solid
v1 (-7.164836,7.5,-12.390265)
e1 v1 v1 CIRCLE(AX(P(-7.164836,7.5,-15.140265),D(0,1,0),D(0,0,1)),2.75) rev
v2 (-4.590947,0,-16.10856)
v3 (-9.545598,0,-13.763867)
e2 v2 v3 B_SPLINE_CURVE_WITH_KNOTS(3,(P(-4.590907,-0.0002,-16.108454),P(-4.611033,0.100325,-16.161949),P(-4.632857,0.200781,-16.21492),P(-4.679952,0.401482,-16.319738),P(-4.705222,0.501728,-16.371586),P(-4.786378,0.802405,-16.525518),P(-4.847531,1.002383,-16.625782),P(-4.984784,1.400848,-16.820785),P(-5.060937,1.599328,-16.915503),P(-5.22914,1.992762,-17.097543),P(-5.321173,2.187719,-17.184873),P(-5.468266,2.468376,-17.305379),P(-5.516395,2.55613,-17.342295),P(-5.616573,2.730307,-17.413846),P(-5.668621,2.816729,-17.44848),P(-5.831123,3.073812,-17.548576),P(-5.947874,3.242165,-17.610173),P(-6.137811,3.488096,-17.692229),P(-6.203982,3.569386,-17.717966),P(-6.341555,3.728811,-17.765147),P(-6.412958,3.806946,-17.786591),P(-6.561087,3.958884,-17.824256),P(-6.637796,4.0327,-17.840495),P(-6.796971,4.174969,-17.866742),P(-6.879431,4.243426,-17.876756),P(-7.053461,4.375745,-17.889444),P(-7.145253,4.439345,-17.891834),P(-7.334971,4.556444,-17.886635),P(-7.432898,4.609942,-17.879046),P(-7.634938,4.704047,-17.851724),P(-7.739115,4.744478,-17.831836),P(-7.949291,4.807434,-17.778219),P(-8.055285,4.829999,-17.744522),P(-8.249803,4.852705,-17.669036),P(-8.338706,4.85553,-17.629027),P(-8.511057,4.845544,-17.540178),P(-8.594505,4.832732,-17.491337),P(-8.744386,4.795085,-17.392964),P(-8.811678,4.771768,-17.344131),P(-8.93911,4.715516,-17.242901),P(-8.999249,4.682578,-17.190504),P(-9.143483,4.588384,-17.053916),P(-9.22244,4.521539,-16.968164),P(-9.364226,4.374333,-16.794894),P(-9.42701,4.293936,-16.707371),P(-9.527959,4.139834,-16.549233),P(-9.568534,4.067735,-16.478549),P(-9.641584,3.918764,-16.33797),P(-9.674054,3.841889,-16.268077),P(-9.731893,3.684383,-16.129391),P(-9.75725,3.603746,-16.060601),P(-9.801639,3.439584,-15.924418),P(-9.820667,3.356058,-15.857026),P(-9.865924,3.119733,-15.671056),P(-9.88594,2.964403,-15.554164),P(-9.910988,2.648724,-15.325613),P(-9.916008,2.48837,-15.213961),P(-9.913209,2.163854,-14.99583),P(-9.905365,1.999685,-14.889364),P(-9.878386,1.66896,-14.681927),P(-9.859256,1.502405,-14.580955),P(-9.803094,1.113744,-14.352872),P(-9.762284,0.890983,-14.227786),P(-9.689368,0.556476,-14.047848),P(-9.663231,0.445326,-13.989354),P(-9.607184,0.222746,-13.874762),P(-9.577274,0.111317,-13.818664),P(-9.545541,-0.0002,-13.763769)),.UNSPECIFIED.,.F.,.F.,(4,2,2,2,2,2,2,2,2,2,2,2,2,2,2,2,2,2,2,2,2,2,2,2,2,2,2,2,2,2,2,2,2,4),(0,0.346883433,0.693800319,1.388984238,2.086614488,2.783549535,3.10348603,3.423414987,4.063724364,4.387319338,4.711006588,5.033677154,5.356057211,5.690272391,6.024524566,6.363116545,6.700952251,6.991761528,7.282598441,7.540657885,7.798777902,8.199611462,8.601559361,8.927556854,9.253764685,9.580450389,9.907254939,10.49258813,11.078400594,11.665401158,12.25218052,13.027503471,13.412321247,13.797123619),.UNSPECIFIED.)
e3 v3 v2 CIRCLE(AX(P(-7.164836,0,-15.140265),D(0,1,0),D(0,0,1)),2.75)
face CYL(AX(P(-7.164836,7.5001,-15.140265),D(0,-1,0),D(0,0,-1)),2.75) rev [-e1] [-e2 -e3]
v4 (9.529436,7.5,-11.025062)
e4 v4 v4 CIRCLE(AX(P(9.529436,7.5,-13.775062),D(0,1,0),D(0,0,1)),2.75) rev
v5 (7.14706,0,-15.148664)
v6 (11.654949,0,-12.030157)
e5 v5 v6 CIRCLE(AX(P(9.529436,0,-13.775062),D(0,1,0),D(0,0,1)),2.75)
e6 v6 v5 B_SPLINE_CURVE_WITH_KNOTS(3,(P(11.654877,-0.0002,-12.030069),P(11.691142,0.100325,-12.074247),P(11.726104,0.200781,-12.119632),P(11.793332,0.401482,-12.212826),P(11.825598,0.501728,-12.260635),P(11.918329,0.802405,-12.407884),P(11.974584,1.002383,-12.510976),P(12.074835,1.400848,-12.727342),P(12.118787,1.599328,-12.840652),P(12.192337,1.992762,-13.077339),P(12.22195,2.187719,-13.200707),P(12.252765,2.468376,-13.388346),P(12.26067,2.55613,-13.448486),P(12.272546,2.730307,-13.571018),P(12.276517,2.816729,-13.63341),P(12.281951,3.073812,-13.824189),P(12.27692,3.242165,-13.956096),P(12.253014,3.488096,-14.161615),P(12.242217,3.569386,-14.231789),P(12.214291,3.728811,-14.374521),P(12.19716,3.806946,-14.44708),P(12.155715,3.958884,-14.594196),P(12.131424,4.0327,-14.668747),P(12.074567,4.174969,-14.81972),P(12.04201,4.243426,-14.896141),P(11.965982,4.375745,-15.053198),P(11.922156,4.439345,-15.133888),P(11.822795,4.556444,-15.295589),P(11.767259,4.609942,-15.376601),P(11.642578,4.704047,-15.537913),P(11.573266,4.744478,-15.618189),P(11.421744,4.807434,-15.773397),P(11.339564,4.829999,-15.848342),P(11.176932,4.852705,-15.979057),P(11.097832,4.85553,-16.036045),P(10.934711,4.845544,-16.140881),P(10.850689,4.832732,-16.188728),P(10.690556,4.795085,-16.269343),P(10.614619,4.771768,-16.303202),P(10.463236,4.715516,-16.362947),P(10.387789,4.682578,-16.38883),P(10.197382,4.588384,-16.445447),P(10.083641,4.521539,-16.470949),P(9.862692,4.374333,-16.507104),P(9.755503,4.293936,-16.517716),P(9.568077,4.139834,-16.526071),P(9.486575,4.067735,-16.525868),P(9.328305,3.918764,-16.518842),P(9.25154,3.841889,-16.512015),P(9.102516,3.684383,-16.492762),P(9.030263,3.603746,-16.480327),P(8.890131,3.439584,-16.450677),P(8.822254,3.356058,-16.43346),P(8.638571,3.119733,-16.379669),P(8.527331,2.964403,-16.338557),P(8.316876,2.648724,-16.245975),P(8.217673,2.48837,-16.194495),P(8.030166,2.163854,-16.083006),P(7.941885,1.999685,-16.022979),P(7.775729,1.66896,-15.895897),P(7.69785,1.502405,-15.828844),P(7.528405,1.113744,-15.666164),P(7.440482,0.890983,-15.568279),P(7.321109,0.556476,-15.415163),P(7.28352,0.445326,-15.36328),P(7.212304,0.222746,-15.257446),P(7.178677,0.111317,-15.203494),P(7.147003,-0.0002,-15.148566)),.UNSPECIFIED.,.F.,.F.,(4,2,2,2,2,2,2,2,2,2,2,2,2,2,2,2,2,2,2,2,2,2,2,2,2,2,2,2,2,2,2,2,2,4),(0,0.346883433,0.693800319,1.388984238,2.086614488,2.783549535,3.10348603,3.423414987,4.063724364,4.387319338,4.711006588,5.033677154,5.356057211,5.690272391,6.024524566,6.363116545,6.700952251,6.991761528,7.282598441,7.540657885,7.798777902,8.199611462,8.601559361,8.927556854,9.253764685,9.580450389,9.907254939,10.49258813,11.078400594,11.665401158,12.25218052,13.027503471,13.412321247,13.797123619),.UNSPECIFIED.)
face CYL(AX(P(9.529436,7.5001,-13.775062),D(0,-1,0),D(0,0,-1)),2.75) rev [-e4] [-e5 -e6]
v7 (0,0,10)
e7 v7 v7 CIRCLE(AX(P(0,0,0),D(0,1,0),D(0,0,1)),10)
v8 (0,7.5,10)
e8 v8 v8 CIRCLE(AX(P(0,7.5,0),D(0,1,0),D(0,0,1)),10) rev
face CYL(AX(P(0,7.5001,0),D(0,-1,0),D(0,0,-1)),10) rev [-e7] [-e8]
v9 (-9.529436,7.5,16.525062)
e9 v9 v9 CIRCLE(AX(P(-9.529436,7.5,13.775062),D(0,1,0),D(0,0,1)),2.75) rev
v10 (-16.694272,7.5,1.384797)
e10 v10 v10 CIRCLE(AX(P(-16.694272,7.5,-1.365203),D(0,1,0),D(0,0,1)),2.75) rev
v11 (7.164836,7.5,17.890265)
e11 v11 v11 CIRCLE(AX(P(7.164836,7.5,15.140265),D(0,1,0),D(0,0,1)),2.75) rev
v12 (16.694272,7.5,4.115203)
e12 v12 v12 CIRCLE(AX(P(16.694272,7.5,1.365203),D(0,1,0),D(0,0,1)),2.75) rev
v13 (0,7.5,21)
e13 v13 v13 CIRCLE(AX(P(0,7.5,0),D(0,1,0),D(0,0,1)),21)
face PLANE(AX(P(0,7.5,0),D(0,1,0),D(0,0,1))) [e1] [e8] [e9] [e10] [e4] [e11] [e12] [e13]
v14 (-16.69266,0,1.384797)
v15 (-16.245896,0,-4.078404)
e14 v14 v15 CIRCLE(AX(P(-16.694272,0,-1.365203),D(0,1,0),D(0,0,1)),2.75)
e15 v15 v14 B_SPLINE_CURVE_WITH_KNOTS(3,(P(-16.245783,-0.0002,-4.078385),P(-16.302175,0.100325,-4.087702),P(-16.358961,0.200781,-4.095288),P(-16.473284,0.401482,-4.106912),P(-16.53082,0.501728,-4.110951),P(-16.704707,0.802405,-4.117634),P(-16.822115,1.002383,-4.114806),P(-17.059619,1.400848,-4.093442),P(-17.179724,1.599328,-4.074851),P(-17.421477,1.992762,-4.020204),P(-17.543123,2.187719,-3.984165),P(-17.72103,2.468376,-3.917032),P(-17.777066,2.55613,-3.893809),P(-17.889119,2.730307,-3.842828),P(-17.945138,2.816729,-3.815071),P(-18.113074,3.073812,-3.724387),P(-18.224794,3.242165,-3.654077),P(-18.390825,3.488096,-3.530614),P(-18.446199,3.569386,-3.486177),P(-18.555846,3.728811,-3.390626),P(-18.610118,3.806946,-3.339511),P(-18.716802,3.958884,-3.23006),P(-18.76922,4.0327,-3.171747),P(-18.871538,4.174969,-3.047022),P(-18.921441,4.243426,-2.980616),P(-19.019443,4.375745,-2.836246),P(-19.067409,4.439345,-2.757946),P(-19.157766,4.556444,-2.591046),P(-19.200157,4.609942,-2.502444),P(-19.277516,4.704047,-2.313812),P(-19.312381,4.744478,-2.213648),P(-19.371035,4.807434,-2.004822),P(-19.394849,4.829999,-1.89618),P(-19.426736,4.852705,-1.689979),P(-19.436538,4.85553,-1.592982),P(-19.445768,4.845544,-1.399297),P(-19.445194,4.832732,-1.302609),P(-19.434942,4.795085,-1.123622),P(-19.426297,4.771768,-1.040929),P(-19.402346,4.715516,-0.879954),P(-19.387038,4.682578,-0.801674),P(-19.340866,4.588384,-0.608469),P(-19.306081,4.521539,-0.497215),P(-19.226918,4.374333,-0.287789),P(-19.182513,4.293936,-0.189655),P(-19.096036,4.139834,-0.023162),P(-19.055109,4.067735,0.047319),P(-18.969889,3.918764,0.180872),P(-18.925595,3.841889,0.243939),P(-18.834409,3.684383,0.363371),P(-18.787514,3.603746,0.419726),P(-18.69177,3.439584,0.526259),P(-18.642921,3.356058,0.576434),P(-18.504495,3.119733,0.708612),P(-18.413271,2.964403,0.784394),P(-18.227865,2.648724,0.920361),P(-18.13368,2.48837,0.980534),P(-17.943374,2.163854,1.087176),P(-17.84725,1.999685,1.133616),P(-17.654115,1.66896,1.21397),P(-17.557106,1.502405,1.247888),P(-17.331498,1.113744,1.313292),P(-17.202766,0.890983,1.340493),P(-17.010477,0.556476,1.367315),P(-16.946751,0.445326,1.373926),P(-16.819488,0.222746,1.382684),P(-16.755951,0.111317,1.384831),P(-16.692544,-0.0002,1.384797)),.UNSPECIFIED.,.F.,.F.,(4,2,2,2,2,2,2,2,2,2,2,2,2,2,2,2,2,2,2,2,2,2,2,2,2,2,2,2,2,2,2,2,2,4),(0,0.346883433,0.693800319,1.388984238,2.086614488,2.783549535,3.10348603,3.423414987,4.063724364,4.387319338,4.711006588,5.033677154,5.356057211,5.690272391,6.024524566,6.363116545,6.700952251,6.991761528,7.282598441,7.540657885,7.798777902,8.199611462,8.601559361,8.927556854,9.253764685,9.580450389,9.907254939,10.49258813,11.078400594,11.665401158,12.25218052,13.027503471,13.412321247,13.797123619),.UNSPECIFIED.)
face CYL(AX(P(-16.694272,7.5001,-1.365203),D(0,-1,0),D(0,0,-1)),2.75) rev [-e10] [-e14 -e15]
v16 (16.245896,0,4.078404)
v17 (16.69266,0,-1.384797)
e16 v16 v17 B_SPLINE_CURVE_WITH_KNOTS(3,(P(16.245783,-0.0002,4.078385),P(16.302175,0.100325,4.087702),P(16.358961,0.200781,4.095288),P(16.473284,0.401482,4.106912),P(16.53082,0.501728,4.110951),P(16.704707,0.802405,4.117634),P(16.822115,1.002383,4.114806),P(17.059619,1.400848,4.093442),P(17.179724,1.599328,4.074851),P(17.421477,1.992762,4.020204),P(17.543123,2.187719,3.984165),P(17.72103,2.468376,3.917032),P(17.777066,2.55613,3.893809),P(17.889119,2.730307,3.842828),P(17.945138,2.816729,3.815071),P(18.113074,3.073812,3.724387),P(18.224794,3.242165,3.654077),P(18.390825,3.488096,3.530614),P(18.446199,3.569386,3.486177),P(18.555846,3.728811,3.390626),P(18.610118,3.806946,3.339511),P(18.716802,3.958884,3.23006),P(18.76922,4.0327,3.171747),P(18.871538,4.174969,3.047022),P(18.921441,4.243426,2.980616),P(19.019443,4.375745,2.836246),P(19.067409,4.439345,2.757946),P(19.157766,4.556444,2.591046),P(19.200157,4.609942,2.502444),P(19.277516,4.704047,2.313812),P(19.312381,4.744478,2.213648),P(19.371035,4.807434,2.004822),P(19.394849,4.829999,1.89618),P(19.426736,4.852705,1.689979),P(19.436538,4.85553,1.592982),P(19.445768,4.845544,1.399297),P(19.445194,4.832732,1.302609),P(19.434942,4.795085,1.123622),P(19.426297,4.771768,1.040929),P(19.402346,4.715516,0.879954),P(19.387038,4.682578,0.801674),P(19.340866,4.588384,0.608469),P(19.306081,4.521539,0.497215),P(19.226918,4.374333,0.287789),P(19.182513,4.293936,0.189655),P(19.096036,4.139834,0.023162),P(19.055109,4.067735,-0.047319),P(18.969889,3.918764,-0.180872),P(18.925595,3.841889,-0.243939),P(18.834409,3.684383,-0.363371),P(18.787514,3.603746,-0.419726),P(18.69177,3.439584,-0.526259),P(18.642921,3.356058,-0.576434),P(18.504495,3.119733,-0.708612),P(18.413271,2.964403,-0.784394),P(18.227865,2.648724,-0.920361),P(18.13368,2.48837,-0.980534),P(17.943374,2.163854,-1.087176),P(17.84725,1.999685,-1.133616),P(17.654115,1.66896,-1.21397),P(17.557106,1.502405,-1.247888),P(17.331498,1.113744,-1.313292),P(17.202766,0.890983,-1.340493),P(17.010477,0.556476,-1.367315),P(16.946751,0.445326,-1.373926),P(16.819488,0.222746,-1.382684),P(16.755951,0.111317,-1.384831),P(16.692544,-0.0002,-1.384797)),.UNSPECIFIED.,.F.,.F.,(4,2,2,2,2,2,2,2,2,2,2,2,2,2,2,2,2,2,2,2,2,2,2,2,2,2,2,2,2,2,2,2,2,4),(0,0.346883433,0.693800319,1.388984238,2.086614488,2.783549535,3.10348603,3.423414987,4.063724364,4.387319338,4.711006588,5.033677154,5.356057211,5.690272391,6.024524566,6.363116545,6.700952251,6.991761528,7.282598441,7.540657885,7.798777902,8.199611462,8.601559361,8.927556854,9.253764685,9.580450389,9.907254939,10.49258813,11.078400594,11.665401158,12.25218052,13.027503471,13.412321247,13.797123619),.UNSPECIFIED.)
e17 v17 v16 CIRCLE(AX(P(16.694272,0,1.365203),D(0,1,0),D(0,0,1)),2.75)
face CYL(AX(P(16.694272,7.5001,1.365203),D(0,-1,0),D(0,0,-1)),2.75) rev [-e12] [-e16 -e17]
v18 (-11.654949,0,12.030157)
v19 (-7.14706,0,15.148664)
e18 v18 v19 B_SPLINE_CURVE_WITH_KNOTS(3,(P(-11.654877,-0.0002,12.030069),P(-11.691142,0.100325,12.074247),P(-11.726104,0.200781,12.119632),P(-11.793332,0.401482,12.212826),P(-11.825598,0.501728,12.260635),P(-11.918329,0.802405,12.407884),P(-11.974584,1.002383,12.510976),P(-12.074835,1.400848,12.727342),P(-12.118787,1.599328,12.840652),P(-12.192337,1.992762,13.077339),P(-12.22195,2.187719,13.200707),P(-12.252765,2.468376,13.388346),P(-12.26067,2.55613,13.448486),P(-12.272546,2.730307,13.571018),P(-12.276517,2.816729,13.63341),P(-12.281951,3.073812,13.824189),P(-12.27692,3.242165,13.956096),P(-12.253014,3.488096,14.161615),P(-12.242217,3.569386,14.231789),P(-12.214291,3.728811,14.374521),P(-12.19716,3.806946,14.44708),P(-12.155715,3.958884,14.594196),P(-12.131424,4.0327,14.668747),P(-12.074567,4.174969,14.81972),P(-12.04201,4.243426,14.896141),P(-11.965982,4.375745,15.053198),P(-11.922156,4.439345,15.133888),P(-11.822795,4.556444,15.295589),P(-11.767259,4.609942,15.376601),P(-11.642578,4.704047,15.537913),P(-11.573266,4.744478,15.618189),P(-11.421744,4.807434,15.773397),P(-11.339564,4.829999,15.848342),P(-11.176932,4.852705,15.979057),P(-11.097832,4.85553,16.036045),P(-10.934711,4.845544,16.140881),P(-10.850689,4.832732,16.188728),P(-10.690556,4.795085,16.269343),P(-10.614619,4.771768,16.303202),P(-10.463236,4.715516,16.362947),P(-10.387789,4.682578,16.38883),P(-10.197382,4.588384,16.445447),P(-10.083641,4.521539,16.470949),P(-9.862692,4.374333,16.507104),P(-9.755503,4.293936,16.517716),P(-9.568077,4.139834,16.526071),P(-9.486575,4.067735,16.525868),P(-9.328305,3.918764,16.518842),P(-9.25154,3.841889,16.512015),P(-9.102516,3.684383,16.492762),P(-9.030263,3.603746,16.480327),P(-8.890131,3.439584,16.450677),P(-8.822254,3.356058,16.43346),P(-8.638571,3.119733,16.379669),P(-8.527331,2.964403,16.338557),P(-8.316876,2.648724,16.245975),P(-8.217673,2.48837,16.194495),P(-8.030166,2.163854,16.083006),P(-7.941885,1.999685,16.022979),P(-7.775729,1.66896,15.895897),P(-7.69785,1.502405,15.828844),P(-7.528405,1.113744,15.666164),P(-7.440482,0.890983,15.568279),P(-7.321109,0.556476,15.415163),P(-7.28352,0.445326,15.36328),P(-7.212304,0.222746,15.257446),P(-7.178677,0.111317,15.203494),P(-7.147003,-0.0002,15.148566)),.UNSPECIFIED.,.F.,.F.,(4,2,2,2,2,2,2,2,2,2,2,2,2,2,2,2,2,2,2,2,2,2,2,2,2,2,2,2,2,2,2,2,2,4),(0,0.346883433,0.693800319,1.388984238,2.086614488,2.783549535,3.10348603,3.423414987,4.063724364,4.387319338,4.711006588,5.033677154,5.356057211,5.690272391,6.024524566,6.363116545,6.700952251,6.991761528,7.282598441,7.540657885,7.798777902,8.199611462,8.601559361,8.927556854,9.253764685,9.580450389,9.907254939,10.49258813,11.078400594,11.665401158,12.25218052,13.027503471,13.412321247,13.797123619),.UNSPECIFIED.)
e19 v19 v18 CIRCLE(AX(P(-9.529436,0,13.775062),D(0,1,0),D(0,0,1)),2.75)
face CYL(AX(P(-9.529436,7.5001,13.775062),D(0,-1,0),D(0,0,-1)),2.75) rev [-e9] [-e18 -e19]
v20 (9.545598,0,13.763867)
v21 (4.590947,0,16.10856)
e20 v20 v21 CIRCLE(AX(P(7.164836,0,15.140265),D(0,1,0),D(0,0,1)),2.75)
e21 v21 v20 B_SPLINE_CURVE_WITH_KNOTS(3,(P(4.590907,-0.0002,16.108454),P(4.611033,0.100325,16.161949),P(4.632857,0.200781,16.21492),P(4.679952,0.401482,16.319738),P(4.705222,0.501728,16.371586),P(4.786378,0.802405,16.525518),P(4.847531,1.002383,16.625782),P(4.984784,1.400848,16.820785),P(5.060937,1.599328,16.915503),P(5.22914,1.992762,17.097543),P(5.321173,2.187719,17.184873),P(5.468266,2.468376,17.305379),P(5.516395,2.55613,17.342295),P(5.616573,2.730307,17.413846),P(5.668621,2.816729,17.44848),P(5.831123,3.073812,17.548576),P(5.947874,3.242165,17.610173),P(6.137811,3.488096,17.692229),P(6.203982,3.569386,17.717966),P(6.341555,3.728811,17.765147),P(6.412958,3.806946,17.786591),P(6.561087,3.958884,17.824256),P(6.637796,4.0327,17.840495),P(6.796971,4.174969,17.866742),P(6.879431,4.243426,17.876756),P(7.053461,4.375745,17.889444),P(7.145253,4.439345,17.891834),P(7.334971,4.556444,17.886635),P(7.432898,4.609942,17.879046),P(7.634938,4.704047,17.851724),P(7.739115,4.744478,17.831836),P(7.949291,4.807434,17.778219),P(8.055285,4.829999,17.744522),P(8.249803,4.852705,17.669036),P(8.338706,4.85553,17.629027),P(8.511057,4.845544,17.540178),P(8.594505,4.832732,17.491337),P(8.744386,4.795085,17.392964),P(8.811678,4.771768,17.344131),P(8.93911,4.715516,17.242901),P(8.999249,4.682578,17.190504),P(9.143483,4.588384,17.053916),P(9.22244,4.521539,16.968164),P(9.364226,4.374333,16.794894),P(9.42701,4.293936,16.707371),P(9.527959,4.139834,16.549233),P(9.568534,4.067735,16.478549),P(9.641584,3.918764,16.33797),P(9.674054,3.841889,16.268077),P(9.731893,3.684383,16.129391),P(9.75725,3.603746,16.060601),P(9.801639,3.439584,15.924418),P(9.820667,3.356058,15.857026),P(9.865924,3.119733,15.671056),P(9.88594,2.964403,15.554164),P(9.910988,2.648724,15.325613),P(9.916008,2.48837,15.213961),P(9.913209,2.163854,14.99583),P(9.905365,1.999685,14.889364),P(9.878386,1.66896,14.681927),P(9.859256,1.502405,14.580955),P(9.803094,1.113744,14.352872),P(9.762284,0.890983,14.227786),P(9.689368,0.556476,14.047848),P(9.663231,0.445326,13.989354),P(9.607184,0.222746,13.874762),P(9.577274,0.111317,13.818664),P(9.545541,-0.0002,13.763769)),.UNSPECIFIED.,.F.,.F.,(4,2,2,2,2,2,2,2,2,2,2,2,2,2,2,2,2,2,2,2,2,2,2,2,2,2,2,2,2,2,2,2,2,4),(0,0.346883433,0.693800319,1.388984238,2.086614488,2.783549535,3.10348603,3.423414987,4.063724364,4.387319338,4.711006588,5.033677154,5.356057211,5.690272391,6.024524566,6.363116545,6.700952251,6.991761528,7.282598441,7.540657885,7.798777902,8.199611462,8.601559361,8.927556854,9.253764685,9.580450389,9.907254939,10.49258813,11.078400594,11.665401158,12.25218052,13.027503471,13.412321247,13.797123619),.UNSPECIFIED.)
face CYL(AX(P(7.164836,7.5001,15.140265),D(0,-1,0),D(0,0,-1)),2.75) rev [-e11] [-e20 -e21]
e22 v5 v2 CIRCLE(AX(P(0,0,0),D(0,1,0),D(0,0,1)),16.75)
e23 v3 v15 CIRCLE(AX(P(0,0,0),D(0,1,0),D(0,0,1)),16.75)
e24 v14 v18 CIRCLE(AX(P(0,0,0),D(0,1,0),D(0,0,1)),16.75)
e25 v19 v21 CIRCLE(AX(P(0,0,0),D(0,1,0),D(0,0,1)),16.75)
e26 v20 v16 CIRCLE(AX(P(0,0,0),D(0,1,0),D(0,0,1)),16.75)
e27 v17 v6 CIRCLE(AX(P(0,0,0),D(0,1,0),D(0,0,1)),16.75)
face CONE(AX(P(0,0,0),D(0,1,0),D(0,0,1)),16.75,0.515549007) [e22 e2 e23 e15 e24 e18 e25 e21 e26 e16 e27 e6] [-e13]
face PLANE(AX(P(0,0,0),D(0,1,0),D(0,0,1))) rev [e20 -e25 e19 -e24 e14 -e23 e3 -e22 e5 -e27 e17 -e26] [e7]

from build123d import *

# Parameters (mm, degrees)
SKETCH1_R          = 16.75
SKETCH2_R          = 21
SKETCH1_4_R        = 2.75
SKETCH1_4_R_2      = 10
CUT_EXTRUDE1_DEPTH = 8.5000001


with BuildPart() as part:
    # Sketch1 → Loft1 section 0
    with BuildSketch(Plane(origin=(0, 0, 0), x_dir=(1, 0, 0), z_dir=(0, 1, 0))):
        Circle(SKETCH1_R)
    # Sketch2 → Loft1 section 1
    with BuildSketch(Plane(origin=(0, 7.5, 0), x_dir=(1, 0, 0), z_dir=(0, 1, 0))):
        Circle(SKETCH2_R)
    loft()

    # Sketch1<4> → Cut-Extrude1 (cut, through all)
    with BuildSketch(Plane(origin=(0, 0, 0), x_dir=(1, 0, 0), z_dir=(0, 1, 0))):
        with Locations((-16.694272111, 1.365202803)):
            Circle(SKETCH1_4_R)
        with Locations((-9.529436364, -13.775062344)):
            Circle(SKETCH1_4_R)
        with Locations((9.529436364, 13.775062344)):
            Circle(SKETCH1_4_R)
        with Locations((-7.164835747, 15.140265147)):
            Circle(SKETCH1_4_R)
        Circle(SKETCH1_4_R_2)
        with Locations((7.164835747, -15.140265147)):
            Circle(SKETCH1_4_R)
        with Locations((16.694272111, -1.365202803)):
            Circle(SKETCH1_4_R)
    extrude(amount=CUT_EXTRUDE1_DEPTH, mode=Mode.SUBTRACT)


solid = part.part
